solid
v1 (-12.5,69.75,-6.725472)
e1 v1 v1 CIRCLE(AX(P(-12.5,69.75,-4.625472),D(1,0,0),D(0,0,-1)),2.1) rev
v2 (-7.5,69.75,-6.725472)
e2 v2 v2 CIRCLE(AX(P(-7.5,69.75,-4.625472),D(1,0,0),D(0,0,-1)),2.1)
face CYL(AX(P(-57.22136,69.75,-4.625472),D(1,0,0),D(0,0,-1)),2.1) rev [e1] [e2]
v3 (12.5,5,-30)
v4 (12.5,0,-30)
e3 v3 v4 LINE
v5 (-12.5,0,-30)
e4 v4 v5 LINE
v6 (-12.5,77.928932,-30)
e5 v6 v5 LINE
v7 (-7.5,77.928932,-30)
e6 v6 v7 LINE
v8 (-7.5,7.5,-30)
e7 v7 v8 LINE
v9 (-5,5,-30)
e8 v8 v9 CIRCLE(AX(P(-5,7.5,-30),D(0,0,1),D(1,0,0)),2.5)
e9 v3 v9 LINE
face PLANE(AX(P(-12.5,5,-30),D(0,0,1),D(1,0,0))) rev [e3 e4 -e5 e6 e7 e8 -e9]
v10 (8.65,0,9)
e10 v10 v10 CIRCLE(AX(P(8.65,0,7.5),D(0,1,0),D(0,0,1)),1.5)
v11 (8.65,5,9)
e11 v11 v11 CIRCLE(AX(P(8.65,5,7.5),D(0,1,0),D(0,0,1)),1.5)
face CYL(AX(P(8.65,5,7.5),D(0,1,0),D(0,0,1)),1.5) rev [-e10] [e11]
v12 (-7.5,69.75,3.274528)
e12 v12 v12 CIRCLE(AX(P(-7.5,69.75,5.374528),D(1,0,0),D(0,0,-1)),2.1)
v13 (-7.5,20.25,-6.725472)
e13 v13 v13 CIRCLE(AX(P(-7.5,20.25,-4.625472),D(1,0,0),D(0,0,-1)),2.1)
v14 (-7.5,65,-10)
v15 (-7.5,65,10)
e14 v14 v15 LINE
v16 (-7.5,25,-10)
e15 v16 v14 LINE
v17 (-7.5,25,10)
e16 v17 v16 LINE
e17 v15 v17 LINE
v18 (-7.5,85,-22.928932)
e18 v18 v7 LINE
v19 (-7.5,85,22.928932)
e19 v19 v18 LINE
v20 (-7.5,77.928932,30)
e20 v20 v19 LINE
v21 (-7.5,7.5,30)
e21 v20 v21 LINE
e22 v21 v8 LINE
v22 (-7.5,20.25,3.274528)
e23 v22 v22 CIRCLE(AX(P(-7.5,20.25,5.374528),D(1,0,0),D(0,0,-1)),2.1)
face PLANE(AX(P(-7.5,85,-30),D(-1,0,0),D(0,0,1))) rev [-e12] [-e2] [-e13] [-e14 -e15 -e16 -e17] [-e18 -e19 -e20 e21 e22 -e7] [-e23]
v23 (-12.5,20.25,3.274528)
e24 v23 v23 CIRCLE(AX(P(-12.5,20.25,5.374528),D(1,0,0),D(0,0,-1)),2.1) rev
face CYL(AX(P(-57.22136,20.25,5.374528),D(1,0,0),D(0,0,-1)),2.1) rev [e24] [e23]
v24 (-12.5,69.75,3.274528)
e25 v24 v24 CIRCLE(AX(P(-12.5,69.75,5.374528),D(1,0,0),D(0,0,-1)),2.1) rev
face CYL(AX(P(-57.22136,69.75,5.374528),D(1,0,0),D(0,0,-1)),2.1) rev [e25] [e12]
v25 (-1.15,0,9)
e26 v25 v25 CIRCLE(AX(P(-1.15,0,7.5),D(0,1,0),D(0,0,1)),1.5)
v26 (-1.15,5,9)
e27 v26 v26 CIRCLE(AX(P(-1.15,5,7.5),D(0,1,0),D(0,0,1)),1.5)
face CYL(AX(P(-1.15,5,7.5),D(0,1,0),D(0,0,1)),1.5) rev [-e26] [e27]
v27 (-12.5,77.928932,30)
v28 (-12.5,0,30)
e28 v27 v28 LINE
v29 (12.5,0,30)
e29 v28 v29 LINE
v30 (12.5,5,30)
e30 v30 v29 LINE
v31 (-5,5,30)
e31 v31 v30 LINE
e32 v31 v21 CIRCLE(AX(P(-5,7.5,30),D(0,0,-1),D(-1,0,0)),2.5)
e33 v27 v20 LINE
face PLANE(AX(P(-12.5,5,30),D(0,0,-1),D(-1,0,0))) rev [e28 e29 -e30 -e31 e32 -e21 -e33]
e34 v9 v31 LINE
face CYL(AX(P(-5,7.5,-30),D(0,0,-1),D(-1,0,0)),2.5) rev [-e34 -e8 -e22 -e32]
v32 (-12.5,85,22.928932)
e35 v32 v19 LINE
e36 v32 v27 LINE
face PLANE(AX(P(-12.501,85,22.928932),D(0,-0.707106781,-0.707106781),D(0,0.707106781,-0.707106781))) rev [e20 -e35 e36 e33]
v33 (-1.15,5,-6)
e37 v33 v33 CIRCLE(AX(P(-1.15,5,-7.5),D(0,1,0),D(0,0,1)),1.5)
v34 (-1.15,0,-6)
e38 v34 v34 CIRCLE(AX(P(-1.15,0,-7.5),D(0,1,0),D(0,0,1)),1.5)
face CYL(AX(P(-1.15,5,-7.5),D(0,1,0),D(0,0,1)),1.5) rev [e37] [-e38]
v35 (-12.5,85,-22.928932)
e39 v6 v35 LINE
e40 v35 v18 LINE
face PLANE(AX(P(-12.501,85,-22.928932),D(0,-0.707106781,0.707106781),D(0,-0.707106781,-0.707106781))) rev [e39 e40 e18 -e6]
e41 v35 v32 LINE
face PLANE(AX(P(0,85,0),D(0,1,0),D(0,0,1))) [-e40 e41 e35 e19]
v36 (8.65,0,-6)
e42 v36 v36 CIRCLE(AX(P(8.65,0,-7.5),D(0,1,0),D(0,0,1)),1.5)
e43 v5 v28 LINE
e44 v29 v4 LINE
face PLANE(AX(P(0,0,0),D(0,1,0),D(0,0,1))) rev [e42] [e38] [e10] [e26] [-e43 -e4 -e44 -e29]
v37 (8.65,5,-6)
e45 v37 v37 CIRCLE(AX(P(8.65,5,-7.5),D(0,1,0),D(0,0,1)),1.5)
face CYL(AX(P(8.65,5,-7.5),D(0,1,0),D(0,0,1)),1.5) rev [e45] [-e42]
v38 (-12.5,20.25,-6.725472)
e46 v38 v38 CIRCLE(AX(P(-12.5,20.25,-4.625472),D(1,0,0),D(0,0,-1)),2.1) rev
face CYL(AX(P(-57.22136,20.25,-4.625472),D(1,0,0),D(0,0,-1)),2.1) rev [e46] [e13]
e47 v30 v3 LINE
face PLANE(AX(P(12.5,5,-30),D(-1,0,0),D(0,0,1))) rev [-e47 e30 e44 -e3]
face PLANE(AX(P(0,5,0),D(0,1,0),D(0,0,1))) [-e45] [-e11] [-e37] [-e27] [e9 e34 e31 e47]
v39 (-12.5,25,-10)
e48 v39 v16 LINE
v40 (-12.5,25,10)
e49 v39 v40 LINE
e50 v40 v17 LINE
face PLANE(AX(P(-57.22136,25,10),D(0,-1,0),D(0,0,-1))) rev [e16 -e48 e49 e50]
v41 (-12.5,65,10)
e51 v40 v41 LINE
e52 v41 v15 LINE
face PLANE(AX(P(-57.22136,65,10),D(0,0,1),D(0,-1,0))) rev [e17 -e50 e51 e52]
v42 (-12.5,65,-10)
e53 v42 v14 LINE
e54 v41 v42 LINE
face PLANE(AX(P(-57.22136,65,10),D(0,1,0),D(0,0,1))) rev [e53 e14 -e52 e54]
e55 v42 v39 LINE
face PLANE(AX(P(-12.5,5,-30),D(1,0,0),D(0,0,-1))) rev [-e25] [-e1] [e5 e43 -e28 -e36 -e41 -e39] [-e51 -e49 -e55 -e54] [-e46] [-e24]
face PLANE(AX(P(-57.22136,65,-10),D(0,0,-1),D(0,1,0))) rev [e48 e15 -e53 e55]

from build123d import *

# Parameters (mm, degrees)
SKETCH1_W             = 25
SKETCH1_H             = 60
BOSS_EXTRUDE1_DEPTH   = 5
SKETCH8_W             = 5
SKETCH8_H             = 60
BOSS_EXTRUDE2_DEPTH   = 80
SKETCH9_R             = 2.1
SKETCH9_W             = 20
SKETCH9_H             = 40
CUT_EXTRUDE1_DEPTH    = 5
CUT_EXTRUDE2_REACH    = 7
FILLET1_R             = 2.5
F_3_0MM_DOWEL_HOLE1_D = 3


with BuildPart() as part:
    # Sketch1 → Boss-Extrude1 (new body)
    with BuildSketch(Plane(origin=(0, 0, 0), x_dir=(1, 0, 0), z_dir=(0, 1, 0))):
        Rectangle(SKETCH1_W, SKETCH1_H)
    extrude(amount=BOSS_EXTRUDE1_DEPTH)

    # Sketch8 → Boss-Extrude2 (add)
    with BuildSketch(Plane(origin=(0, 5, 0), x_dir=(1, 0, 0), z_dir=(0, 1, 0))):
        with Locations((-10, 0)):
            Rectangle(SKETCH8_W, SKETCH8_H)
    extrude(amount=BOSS_EXTRUDE2_DEPTH)

    # Sketch9 → Cut-Extrude1 (cut)
    with BuildSketch(Plane(origin=(-7.5, 0, 0), x_dir=(0, 0, -1), z_dir=(1, 0, 0))):
        with Locations((-5.37452771, 69.75)):
            Circle(SKETCH9_R)
        with Locations((4.62547229, 69.75)):
            Circle(SKETCH9_R)
        with Locations((-5.37452771, 20.25)):
            Circle(SKETCH9_R)
        with Locations((4.62547229, 20.25)):
            Circle(SKETCH9_R)
        with Locations((0, 45)):
            Rectangle(SKETCH9_W, SKETCH9_H)
    extrude(amount=-CUT_EXTRUDE1_DEPTH, mode=Mode.SUBTRACT)

    # Sketch10 → Cut-Extrude2 (cut, up to next)
    with BuildSketch(Plane(origin=(-7.5, 0, 0), x_dir=(0, 0, -1), z_dir=(1, 0, 0)), mode=Mode.PRIVATE) as cut_extrude2_sk1:
        Polygon((-22.928932188, 85), (-30, 77.928932188), (-30, 85), align=None)
    cut_extrude2_tool1 = extrude(cut_extrude2_sk1.sketch, amount=-CUT_EXTRUDE2_REACH, mode=Mode.PRIVATE) & part.part
    add(cut_extrude2_tool1.solids().sort_by_distance((-7.5, 82.642977, 27.642977))[0], mode=Mode.SUBTRACT)
    # Sketch10 → Cut-Extrude2 (cut, up to next)
    with BuildSketch(Plane(origin=(-7.5, 0, 0), x_dir=(0, 0, -1), z_dir=(1, 0, 0)), mode=Mode.PRIVATE) as cut_extrude2_sk2:
        Polygon((22.928932188, 85), (30, 77.928932188), (30, 85), align=None)
    cut_extrude2_tool2 = extrude(cut_extrude2_sk2.sketch, amount=-CUT_EXTRUDE2_REACH, mode=Mode.PRIVATE) & part.part
    add(cut_extrude2_tool2.solids().sort_by_distance((-7.5, 82.642977, -27.642977))[0], mode=Mode.SUBTRACT)

    # Fillet1
    fillet1_edges = [part.edges().sort_by_distance(p)[0] for p in [
        (-7.5, 5, 0),
    ]]
    fillet(fillet1_edges, radius=FILLET1_R)

    # Ø3.0mm Dowel Hole1 (through all)
    with Locations(Plane(origin=(0, 5, 0), x_dir=(1, 0, 0), z_dir=(0, 1, 0))):
        with Locations((-1.15, 7.5), (-1.15, -7.5)):
            f_3_0mm_dowel_hole1 = Hole(F_3_0MM_DOWEL_HOLE1_D / 2)

    # Mirror1: Ø3.0mm Dowel Hole1 across plane
    add(f_3_0mm_dowel_hole1.mirror(Plane(origin=(3.75, 0, 0), x_dir=(0, 0, 1), z_dir=(1, 0, 0))), mode=Mode.SUBTRACT)


solid = part.part
